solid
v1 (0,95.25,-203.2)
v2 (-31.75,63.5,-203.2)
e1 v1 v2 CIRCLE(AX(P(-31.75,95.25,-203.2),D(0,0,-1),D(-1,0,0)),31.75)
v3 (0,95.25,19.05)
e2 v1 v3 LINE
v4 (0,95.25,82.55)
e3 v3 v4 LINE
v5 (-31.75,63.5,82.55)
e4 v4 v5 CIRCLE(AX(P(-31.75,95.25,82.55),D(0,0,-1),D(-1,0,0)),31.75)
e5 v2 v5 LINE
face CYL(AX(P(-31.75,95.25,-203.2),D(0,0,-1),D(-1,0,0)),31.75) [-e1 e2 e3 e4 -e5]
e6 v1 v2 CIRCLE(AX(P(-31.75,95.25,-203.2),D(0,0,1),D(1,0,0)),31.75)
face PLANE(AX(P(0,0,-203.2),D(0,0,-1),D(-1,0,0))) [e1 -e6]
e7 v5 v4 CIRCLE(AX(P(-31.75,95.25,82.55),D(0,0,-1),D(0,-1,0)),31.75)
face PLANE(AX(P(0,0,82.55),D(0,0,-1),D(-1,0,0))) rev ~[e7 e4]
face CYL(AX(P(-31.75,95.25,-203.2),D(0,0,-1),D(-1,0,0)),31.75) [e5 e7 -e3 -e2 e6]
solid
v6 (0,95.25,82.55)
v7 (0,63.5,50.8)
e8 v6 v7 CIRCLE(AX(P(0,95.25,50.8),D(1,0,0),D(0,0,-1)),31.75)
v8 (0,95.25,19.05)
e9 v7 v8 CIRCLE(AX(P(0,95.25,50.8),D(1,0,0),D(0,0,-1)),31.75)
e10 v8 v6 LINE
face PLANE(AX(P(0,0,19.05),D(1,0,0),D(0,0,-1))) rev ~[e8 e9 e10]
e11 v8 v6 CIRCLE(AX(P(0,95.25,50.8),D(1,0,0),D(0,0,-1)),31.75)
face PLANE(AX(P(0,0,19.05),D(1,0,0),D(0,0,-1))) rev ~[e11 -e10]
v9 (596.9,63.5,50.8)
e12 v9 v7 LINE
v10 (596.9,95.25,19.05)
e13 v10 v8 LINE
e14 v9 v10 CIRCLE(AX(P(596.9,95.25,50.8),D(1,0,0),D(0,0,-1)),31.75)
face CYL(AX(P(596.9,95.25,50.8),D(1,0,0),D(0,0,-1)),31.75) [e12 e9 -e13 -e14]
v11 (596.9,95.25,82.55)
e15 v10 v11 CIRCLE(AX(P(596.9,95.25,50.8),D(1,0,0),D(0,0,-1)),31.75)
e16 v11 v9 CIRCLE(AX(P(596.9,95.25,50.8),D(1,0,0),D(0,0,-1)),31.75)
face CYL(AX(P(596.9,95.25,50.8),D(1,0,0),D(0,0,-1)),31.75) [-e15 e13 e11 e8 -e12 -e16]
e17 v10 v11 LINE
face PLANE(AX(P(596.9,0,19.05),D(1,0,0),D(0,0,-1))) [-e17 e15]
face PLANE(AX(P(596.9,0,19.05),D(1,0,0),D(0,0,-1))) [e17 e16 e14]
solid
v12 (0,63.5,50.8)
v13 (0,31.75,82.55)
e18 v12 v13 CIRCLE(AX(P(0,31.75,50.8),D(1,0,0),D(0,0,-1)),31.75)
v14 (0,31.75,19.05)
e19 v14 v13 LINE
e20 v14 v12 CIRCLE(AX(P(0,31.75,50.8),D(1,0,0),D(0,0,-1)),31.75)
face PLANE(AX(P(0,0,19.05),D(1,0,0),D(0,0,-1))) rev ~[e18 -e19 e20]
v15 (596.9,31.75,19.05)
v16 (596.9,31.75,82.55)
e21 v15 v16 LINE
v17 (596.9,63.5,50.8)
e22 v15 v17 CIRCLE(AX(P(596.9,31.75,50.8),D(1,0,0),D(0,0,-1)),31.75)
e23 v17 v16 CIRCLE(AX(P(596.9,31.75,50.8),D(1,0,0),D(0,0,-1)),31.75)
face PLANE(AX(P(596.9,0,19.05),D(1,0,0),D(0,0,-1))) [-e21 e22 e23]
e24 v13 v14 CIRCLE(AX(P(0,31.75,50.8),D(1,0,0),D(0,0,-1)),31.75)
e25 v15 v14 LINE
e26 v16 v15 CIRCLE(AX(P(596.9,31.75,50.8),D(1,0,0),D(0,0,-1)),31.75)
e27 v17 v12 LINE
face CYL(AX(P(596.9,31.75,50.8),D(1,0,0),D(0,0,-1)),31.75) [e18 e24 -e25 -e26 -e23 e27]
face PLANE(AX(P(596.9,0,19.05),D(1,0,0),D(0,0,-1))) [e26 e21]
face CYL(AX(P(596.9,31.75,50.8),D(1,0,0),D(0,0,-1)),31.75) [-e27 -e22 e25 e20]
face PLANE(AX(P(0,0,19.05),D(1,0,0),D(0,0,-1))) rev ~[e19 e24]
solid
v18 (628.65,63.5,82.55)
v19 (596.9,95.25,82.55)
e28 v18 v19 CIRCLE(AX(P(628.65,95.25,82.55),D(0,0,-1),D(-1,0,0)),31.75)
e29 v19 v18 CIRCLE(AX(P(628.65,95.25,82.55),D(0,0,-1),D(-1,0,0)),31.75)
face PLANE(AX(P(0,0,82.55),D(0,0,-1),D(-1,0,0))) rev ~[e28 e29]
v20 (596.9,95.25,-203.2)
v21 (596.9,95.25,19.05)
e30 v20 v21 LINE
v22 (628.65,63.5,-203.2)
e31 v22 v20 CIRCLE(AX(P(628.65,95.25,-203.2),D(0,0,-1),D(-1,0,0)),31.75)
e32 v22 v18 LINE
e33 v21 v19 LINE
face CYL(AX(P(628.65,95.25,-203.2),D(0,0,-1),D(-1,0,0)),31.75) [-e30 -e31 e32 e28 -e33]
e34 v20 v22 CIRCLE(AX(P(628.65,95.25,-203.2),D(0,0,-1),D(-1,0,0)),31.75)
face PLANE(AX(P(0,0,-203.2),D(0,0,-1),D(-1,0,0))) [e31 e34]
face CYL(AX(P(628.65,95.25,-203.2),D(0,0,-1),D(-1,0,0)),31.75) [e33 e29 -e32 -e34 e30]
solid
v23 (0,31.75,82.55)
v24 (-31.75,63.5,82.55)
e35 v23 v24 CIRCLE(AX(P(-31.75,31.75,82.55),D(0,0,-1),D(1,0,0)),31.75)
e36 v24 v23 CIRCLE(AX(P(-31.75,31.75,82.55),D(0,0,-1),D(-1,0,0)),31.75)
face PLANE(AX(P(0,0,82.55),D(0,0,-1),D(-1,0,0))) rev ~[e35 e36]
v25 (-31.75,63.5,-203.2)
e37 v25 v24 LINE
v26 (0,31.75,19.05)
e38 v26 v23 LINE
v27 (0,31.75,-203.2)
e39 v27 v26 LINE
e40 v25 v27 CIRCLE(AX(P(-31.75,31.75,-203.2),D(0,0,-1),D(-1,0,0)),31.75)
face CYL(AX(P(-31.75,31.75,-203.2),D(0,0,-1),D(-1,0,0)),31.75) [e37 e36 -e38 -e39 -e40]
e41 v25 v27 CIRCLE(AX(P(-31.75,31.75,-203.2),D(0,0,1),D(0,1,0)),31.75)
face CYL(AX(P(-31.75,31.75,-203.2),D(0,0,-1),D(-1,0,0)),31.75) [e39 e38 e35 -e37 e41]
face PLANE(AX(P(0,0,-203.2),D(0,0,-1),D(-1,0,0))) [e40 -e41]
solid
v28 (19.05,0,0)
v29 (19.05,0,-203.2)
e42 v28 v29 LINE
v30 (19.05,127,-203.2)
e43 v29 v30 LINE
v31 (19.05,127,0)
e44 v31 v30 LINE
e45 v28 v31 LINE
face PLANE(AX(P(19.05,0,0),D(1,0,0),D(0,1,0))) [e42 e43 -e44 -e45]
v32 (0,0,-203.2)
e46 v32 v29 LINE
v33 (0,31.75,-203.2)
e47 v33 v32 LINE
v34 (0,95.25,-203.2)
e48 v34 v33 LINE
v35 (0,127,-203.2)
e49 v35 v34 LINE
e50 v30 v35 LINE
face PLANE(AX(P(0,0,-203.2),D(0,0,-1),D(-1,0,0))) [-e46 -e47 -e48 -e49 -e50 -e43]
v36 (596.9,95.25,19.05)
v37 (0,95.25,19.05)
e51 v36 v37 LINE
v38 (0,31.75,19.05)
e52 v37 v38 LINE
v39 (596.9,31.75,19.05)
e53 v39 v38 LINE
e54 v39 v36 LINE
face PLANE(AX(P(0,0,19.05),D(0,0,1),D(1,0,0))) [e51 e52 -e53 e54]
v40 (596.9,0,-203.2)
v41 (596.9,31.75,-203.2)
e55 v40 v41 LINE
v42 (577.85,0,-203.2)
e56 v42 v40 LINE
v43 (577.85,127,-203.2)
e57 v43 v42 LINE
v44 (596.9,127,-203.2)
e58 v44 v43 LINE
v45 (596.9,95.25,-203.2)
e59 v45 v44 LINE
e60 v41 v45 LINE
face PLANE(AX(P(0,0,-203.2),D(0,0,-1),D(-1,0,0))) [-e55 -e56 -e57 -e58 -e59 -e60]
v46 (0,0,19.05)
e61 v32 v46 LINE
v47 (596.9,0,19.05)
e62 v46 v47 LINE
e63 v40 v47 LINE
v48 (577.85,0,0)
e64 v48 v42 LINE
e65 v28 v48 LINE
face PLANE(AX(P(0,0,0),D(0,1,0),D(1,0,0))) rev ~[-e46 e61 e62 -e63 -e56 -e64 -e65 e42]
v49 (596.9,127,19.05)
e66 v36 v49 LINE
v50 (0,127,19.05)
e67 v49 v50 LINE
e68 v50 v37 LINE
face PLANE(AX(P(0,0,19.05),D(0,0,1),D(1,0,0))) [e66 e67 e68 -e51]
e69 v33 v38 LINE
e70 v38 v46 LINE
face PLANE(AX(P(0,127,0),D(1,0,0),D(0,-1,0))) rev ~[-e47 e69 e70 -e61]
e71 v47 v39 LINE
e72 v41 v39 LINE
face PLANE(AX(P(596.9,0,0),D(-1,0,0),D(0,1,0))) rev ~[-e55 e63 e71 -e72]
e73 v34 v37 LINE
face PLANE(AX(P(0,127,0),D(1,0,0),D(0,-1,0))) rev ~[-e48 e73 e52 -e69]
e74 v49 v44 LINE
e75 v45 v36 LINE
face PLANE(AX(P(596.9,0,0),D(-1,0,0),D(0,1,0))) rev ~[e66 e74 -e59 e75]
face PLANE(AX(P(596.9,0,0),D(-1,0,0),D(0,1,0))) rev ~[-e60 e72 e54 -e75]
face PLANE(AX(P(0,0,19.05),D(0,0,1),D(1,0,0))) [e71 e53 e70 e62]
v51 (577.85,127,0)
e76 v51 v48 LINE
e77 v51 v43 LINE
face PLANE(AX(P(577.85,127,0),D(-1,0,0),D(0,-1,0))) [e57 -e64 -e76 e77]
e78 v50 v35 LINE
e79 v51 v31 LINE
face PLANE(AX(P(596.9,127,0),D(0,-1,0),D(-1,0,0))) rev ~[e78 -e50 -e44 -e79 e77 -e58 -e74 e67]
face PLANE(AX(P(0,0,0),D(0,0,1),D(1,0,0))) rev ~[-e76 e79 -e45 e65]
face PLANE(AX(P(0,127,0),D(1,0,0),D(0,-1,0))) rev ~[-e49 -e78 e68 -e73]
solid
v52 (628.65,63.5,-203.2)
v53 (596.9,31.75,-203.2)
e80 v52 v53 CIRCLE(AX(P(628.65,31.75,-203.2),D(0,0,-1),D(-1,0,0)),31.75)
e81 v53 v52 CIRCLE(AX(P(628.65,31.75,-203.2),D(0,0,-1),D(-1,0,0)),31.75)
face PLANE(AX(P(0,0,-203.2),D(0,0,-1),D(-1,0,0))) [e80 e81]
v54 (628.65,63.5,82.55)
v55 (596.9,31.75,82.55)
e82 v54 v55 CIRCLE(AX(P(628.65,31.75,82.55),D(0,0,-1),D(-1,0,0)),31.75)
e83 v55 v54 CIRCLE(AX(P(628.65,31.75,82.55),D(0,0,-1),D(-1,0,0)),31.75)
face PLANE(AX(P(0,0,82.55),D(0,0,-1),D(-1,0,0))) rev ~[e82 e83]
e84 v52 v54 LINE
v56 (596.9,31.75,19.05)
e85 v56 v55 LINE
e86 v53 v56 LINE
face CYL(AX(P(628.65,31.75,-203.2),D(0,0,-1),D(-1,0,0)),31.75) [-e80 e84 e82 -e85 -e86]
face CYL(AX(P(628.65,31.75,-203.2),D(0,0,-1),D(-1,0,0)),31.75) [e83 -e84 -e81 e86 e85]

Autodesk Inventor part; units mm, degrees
ref_plane "YZ Plane" through (0, 0, 0) normal (1, 0, 0) x (0, 1, 0)
ref_plane "XZ Plane" through (0, 0, 0) normal (0, 1, 0) x (-1, 0, 0)
ref_plane "XY Plane" through (0, 0, 0) normal (0, 0, 1) x (1, 0, 0)
sketch "Sketch1" plane through (0, 0, 0) normal (0, 0, 1) x (1, 0, 0)
  line L0 (0, 0) -> (596.9, 0)
  line L1 (596.9, 0) -> (596.9, 127)
  line L2 (596.9, 127) -> (0, 127)
  line L3 (0, 127) -> (0, 0)
  dimension "d0" = 127
  dimension "d1" = 596.9
extrude "Extrusion1" add sketch "Sketch1" along normal blind 19.05
sketch "Sketch2" plane through (0, 0, 0) normal (0, 0, -1) x (-1, 0, 0)
  line L0 (0, 0) -> (-596.9, 0) projected
  line L1 (-596.9, 127) -> (0, 127) projected
  line L2 (-596.9, 0) -> (-596.9, 127) projected
  line L3 (-596.9, 127) -> (-577.85, 127)
  line L4 (-577.85, 127) -> (-577.85, 0)
  line L5 (-577.85, 0) -> (-596.9, 0)
  line L6 (-596.9, 0) -> (-596.9, 127)
  line L7 (0, 0) -> (-19.05, 0)
  line L8 (-19.05, 0) -> (-19.05, 127)
  line L9 (-19.05, 127) -> (0, 127)
  line L10 (0, 127) -> (0, 0)
  dimension "d4" = 19.05
  dimension "d5" = 19.05
extrude "Extrusion2" add sketch "Sketch2" along normal blind 203.2 contours L0 L8 L1 L10 | L0 L2 L1 L4
sketch "Sketch3" plane through (596.9, 0, 19.05) normal (1, 0, 0) x (0, 0, -1)
  line L0 (222.25, 127) -> (0, 127) projected
  line L1 (0, 0) -> (0, 127) projected
  circle A0 centre (-31.75, 95.25) radius 31.75
  circle A1 centre (-31.75, 31.75) radius 31.75
  point P0 (19.05, 0)
  dimension "d8" = 63.5
  dimension "d9" = 63.5
  dimension "d10" = 31.75
  dimension "d11" = 31.75
  dimension "d12" = 31.75
extrude "Extrusion3" add sketch "Sketch3" against normal blind 596.9 contours A1 | A0
sketch "Sketch4" plane through (0, 0, -203.2) normal (0, 0, -1) x (-1, 0, 0)
  line L0 (-577.85, 127) -> (-596.9, 127) projected
  circle A0 centre (-628.65, 95.25) radius 31.75
  circle A1 centre (-628.65, 31.75) radius 31.75
  circle A2 centre (31.75, 95.25) radius 31.75
  circle A3 centre (31.75, 31.75) radius 31.75
  line L1 (0, 0) -> (0, 127) projected
  line L2 (0, 127) -> (-19.05, 127) projected
  dimension "d15" = 63.5
  dimension "d16" = 63.5
  dimension "d17" = 660.4
  dimension "d18" = 31.75
  dimension "d19" = 31.75
extrude "Extrusion4" add sketch "Sketch4" against normal blind 285.75 contours A0 | A1 | A2 | A3
properties part number "Bumper"
